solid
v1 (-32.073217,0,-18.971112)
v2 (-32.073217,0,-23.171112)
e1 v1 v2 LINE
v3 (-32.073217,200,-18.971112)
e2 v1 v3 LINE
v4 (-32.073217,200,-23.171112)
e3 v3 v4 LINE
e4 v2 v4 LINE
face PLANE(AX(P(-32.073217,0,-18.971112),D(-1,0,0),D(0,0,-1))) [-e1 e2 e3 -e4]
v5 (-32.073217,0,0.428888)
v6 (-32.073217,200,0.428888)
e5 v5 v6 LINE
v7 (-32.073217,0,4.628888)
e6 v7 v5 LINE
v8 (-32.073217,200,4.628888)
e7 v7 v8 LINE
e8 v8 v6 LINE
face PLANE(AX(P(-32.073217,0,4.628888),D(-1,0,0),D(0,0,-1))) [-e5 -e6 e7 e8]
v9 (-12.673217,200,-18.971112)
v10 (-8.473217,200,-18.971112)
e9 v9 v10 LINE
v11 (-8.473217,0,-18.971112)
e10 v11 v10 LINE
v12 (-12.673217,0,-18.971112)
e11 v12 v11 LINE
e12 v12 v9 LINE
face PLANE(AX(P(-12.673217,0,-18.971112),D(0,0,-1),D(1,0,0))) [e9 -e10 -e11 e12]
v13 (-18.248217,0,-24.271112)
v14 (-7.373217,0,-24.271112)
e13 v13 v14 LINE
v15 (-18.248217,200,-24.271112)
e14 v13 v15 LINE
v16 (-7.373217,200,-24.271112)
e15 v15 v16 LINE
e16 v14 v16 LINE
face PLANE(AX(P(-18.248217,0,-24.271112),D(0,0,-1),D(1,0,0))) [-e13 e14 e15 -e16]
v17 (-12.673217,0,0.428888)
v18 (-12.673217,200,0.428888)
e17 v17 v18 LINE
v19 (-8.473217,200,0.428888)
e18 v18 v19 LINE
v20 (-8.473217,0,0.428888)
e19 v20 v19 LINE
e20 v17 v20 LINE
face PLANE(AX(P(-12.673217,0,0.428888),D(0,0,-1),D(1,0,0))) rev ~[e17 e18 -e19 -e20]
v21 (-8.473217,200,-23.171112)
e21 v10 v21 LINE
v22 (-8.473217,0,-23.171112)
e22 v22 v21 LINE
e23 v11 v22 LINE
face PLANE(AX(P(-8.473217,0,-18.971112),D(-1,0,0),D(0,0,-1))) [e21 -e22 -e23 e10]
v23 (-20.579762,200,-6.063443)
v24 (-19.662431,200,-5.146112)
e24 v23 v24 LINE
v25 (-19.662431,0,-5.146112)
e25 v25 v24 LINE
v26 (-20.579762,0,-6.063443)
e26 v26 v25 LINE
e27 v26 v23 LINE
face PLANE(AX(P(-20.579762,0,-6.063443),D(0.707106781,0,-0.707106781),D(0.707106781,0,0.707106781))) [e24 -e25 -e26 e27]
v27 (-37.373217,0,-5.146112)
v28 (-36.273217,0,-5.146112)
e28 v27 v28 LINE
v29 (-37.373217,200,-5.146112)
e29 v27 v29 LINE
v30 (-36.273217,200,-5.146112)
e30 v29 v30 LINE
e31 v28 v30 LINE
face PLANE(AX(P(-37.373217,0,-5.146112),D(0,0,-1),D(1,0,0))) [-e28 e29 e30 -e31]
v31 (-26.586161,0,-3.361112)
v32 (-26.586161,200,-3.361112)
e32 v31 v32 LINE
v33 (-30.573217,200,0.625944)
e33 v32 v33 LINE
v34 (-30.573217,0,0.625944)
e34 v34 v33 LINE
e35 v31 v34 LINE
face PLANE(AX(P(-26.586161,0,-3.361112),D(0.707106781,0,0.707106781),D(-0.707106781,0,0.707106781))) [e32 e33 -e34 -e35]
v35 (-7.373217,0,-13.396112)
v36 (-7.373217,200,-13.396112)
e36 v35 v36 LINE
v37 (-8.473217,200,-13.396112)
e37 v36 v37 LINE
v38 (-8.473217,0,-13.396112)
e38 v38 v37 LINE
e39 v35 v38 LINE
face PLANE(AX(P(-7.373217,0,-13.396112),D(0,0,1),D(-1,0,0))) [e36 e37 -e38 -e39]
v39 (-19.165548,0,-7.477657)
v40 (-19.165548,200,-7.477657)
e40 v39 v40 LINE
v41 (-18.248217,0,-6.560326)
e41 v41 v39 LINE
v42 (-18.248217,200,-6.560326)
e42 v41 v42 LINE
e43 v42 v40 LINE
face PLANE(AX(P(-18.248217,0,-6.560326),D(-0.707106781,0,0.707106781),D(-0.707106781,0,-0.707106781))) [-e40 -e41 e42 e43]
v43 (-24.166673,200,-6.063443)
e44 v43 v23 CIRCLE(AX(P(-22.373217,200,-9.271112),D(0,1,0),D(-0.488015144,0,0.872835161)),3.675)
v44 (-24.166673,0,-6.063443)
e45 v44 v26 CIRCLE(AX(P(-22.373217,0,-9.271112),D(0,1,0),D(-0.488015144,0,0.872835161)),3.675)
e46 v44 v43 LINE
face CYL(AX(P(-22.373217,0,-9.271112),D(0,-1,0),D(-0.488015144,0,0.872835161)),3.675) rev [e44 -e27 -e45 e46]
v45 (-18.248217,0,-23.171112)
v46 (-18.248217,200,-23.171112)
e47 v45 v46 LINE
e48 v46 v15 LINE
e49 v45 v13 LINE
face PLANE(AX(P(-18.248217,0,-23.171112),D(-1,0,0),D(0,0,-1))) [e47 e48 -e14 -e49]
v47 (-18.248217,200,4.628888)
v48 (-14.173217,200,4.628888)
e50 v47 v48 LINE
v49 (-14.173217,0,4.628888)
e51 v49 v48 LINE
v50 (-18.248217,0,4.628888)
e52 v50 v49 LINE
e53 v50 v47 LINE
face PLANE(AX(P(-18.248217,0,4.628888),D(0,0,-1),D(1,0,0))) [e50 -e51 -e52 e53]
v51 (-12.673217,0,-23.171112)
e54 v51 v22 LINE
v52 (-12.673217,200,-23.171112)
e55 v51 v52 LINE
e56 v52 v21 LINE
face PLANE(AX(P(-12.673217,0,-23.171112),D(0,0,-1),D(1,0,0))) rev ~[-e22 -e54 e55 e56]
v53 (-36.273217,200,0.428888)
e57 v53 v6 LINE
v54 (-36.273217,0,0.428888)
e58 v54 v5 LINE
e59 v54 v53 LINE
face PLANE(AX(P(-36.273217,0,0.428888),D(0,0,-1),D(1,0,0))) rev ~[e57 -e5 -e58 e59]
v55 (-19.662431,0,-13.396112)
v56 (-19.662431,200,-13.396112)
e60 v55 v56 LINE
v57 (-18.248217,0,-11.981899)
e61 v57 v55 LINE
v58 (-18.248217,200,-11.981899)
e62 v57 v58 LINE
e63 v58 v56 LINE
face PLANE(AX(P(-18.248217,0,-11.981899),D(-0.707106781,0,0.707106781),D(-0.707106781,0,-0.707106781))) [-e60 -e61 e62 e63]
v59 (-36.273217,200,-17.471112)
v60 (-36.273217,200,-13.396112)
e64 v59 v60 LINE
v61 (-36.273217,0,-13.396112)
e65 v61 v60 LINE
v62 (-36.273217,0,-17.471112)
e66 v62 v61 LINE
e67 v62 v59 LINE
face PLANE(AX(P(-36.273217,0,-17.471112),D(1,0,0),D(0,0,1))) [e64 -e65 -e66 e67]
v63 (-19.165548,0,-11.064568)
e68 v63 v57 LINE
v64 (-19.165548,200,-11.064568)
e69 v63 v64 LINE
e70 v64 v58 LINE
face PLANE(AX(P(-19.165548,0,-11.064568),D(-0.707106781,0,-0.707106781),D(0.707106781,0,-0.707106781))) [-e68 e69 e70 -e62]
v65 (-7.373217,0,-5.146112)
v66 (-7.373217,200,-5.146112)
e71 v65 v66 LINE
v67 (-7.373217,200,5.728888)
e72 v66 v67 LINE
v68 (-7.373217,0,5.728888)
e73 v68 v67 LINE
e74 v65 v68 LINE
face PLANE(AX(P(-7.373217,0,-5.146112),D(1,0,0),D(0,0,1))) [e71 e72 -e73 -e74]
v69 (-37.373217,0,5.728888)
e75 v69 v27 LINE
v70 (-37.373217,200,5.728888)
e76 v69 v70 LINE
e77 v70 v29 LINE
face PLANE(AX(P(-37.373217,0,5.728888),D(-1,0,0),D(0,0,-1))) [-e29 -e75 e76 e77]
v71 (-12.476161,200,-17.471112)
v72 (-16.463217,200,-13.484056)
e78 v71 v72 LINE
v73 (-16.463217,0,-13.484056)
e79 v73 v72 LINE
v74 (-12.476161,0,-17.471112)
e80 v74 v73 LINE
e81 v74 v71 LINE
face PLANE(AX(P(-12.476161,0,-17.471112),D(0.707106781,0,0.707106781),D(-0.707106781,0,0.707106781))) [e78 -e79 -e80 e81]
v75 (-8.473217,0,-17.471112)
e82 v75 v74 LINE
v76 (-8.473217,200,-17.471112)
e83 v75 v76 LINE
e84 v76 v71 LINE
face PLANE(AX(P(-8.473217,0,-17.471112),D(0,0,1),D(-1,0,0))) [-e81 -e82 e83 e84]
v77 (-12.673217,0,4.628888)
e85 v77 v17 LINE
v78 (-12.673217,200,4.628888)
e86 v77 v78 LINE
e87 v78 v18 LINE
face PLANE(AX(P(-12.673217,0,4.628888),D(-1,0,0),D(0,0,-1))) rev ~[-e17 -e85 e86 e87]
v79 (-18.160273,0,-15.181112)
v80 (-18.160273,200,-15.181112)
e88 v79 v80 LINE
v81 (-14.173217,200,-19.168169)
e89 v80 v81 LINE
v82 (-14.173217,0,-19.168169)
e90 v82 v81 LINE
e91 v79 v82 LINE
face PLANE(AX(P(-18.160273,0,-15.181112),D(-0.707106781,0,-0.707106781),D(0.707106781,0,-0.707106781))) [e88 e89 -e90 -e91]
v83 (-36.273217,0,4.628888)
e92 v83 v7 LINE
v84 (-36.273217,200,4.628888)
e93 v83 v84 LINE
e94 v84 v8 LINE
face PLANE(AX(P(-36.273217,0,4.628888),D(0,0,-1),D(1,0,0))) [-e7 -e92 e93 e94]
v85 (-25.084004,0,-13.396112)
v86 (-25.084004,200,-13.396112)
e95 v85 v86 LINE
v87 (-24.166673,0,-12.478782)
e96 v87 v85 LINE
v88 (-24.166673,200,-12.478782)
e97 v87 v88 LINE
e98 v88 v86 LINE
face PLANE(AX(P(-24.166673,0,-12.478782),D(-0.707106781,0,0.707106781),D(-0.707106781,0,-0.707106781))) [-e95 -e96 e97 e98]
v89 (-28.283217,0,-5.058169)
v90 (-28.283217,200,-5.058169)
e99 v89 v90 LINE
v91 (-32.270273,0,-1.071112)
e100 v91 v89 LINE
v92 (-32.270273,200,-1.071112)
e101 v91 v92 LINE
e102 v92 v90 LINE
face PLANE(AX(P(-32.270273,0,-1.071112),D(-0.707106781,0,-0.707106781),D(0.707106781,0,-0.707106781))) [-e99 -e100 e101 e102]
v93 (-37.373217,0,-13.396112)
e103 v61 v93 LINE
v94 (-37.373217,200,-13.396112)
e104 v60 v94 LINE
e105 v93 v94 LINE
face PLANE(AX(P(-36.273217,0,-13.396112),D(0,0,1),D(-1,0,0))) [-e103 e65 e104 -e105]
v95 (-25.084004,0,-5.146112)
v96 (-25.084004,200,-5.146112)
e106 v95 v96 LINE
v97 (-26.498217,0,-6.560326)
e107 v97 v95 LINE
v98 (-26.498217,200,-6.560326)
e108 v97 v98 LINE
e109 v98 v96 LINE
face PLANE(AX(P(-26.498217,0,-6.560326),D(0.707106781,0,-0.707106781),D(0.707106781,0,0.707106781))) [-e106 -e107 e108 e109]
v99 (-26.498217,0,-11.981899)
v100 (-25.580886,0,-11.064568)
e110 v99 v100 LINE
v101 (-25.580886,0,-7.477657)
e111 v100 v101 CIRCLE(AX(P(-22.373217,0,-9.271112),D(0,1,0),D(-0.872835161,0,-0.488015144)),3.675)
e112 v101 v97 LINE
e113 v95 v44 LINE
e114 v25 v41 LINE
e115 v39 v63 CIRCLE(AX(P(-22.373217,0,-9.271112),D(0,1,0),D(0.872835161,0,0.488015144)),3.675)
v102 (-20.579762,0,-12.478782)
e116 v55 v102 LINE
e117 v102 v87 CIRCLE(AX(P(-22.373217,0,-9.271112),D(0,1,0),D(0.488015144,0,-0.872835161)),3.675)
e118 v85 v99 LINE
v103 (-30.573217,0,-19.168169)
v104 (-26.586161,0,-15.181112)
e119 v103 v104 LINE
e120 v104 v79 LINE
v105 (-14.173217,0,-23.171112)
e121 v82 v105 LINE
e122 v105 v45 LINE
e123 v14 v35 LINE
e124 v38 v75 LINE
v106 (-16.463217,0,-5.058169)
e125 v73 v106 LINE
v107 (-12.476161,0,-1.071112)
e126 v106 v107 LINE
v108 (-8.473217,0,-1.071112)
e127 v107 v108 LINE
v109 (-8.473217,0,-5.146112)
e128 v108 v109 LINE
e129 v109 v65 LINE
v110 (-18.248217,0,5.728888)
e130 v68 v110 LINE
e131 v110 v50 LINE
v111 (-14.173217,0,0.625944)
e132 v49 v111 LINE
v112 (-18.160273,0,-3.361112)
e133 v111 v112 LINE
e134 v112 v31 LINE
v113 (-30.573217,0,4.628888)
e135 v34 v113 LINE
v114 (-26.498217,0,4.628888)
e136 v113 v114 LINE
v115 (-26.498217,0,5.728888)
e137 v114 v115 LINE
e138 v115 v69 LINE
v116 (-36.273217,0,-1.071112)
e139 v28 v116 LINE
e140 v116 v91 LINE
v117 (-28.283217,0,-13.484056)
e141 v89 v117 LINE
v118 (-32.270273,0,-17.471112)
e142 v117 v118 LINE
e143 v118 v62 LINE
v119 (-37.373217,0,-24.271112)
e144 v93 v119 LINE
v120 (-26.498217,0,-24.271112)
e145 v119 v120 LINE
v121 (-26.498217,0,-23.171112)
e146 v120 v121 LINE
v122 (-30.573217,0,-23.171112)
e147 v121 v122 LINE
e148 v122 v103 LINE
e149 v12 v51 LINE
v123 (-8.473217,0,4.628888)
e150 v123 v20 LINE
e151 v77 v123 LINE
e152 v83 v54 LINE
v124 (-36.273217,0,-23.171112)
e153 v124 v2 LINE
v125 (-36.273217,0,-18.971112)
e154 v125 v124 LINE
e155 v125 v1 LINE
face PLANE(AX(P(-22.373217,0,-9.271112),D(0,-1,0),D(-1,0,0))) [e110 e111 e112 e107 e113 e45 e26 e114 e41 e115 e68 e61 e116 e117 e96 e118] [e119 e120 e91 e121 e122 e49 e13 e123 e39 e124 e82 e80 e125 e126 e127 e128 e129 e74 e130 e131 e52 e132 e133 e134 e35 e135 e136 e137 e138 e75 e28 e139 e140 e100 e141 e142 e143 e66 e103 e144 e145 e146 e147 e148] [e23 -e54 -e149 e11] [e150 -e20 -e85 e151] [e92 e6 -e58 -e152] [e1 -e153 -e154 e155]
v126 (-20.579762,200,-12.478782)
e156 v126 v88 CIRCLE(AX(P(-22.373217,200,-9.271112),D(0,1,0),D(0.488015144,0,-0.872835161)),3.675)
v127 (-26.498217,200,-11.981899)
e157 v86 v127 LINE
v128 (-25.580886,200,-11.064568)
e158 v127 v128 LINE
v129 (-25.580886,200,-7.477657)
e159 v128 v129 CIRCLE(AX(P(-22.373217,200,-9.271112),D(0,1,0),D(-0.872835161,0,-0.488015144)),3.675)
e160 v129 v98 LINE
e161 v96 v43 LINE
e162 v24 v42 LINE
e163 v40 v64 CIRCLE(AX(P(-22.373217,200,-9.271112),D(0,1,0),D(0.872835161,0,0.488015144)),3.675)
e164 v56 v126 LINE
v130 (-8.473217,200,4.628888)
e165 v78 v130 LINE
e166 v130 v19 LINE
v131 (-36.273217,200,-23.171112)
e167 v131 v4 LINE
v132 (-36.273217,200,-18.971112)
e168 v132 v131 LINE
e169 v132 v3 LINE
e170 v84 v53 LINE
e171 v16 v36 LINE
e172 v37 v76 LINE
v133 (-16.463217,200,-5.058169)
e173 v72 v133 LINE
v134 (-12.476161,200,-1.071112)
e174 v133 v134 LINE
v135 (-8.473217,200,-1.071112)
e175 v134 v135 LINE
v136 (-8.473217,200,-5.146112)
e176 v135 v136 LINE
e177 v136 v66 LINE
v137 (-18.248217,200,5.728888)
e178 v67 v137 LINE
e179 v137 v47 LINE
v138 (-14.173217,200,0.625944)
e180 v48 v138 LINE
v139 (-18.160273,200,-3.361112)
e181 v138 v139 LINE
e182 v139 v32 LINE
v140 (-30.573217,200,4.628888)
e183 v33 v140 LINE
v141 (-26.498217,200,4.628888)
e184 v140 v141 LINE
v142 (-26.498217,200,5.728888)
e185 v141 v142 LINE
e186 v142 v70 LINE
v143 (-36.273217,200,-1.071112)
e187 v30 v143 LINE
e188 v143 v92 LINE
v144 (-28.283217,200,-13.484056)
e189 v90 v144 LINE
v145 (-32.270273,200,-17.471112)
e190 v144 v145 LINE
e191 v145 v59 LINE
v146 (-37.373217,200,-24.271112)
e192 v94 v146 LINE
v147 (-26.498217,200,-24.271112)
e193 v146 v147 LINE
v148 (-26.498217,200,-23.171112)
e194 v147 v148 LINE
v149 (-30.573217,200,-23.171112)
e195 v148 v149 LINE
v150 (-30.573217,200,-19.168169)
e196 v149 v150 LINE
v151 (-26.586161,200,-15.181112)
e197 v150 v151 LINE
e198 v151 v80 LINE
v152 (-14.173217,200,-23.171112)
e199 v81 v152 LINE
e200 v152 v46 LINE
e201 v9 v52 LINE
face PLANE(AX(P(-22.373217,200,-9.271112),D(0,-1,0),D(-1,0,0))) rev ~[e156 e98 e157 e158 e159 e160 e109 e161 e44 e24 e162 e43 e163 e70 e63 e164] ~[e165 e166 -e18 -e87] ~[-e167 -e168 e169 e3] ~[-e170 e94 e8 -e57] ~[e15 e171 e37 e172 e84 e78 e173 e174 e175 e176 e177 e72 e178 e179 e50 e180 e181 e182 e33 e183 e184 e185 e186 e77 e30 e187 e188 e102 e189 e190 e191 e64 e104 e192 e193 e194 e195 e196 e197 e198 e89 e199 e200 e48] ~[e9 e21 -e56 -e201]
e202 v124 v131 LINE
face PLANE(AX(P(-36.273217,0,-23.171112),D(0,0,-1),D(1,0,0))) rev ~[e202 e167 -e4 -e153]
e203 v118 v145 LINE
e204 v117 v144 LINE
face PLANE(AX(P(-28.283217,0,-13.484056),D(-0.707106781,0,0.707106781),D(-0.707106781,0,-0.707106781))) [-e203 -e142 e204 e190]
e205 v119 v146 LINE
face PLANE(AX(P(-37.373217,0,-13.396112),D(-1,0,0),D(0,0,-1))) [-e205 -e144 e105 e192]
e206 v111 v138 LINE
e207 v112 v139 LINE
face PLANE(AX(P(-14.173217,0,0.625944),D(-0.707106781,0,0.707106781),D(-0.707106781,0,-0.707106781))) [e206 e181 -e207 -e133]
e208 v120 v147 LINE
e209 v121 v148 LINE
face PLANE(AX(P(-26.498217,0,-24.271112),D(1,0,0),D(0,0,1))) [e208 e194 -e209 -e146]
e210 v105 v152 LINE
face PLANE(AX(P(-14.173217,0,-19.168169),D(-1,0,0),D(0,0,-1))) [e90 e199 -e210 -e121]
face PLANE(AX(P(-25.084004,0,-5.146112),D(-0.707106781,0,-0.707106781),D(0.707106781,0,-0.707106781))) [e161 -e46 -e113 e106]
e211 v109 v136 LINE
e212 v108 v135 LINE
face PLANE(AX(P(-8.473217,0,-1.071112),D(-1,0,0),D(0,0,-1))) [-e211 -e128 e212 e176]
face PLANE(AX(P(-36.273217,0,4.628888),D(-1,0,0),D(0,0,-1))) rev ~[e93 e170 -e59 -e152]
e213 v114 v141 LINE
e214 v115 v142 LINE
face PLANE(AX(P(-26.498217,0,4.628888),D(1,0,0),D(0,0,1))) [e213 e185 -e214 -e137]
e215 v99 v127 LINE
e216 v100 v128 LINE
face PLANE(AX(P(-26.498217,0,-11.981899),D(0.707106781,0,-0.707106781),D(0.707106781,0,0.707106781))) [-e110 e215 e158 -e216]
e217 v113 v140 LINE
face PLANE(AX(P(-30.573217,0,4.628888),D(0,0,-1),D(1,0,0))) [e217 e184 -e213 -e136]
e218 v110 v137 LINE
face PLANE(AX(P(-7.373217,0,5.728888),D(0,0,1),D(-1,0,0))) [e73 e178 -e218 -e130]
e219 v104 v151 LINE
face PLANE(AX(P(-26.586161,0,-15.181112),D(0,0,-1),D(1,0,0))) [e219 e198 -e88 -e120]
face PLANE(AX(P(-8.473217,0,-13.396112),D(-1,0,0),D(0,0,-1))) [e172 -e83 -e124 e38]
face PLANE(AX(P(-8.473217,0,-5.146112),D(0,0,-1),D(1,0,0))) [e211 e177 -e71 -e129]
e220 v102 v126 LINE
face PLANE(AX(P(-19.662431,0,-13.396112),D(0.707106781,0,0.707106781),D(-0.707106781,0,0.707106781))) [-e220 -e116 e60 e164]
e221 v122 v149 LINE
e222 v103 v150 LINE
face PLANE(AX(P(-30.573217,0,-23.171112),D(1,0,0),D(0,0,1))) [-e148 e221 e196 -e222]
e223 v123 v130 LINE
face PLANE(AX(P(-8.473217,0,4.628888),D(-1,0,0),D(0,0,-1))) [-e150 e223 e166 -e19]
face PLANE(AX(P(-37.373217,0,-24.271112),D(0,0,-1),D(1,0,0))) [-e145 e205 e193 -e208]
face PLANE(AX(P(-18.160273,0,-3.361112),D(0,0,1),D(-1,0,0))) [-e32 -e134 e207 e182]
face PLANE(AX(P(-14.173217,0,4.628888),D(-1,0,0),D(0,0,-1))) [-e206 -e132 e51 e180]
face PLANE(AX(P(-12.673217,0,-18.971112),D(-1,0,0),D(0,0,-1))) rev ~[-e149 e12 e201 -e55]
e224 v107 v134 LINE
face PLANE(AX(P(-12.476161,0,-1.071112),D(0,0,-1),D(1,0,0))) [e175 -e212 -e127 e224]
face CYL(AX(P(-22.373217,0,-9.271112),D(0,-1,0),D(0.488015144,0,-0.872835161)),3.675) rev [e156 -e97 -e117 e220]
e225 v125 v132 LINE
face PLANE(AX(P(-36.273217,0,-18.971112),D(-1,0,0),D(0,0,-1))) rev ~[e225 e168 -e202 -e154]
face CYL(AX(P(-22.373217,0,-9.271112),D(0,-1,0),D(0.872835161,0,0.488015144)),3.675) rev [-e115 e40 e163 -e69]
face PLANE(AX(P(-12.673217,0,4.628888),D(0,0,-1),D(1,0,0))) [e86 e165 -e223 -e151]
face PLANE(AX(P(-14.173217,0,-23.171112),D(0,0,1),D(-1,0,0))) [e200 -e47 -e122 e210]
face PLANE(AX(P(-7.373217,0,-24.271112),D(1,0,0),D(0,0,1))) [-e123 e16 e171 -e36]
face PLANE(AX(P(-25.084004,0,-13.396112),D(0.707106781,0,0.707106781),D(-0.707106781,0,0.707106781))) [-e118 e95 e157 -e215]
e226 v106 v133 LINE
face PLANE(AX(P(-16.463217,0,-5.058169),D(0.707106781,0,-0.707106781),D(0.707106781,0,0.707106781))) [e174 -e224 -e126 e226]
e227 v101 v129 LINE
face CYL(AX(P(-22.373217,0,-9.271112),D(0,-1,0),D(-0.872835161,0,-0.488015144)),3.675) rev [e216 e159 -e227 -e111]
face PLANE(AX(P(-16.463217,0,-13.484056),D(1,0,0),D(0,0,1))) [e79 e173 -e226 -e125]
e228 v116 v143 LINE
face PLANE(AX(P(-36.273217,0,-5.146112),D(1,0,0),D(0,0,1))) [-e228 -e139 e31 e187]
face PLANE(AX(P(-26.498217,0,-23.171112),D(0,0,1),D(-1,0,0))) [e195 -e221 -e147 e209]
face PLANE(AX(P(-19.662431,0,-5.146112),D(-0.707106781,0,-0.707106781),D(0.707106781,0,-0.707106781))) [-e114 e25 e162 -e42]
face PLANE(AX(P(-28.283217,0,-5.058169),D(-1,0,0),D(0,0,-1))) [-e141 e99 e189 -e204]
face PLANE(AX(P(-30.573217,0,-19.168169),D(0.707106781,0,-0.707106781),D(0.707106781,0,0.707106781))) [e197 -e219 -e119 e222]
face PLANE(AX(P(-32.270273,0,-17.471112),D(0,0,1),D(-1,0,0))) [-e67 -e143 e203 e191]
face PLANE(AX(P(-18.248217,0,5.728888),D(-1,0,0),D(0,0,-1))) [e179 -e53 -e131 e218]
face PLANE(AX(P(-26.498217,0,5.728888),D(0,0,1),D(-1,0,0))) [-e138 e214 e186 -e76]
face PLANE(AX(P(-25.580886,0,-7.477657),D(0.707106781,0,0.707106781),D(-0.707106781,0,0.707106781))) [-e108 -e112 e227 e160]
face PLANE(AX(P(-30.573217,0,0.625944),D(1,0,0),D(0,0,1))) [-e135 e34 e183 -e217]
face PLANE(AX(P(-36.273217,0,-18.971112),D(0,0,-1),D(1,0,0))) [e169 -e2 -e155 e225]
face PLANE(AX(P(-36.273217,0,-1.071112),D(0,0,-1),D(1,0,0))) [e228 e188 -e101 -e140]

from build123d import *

# Parameters (mm, degrees)
CROQUIS2_W              = 4.2
CROQUIS2_H              = 4.2
SALIENTE_EXTRUIR1_DEPTH = 200


with BuildPart() as part:
    # Croquis2 → Saliente-Extruir1 (new body)
    with BuildSketch(Plane(origin=(0, 0, 0), x_dir=(1, 0, 0), z_dir=(0, 1, 0))):
        Polygon((-37.373217156, 24.271112291), (-26.498217156, 24.271112291), (-26.498217156, 23.171112291), (-30.573217156, 23.171112291), (-30.573217156, 19.168168566), (-26.586160881, 15.181112291), (-18.160273431, 15.181112291), (-14.173217156, 19.168168566), (-14.173217156, 23.171112291), (-18.248217156, 23.171112291), (-18.248217156, 24.271112291), (-7.373217156, 24.271112291), (-7.373217156, 13.396112291), (-8.473217156, 13.396112291), (-8.473217156, 17.471112291), (-12.476160881, 17.471112291), (-16.463217156, 13.484056016), (-16.463217156, 5.058168566), (-12.476160881, 1.071112291), (-8.473217156, 1.071112291), (-8.473217156, 5.146112291), (-7.373217156, 5.146112291), (-7.373217156, -5.728887709), (-18.248217156, -5.728887709), (-18.248217156, -4.628887709), (-14.173217156, -4.628887709), (-14.173217156, -0.625943984), (-18.160273431, 3.361112291), (-26.586160881, 3.361112291), (-30.573217156, -0.625943984), (-30.573217156, -4.628887709), (-26.498217156, -4.628887709), (-26.498217156, -5.728887709), (-37.373217156, -5.728887709), (-37.373217156, 5.146112291), (-36.273217156, 5.146112291), (-36.273217156, 1.071112291), (-32.270273431, 1.071112291), (-28.283217156, 5.058168566), (-28.283217156, 13.484056016), (-32.270273431, 17.471112291), (-36.273217156, 17.471112291), (-36.273217156, 13.396112291), (-37.373217156, 13.396112291), align=None)
        with Locations((-10.573217156, 21.071112291)):
            Rectangle(CROQUIS2_W, CROQUIS2_H, mode=Mode.SUBTRACT)
        with Locations((-34.173217156, -2.528887709)):
            Rectangle(CROQUIS2_W, CROQUIS2_H, mode=Mode.SUBTRACT)
        with Locations((-34.173217156, 21.071112291)):
            Rectangle(CROQUIS2_W, CROQUIS2_H, mode=Mode.SUBTRACT)
        with Locations((-10.573217156, -2.528887709)):
            Rectangle(CROQUIS2_W, CROQUIS2_H, mode=Mode.SUBTRACT)
        with BuildLine():
            Line((-19.165547938, 11.064567946), (-18.248217156, 11.981898728))
            Line((-18.248217156, 11.981898728), (-19.662430718, 13.396112291))
            Line((-19.662430718, 13.396112291), (-20.5797615, 12.478781509))
            ThreePointArc((-20.5797615, 12.478781509), (-22.373217156, 12.946112291), (-24.166672811, 12.478781509))
            Line((-24.166672811, 12.478781509), (-25.084003593, 13.396112291))
            Line((-25.084003593, 13.396112291), (-26.498217156, 11.981898728))
            Line((-26.498217156, 11.981898728), (-25.580886374, 11.064567946))
            ThreePointArc((-25.580886374, 11.064567946), (-26.048217156, 9.271112291), (-25.580886374, 7.477656635))
            Line((-25.580886374, 7.477656635), (-26.498217156, 6.560325853))
            Line((-26.498217156, 6.560325853), (-25.084003593, 5.146112291))
            Line((-25.084003593, 5.146112291), (-24.166672811, 6.063443073))
            ThreePointArc((-24.166672811, 6.063443073), (-22.373217156, 5.596112291), (-20.5797615, 6.063443073))
            Line((-20.5797615, 6.063443073), (-19.662430718, 5.146112291))
            Line((-19.662430718, 5.146112291), (-18.248217156, 6.560325853))
            Line((-18.248217156, 6.560325853), (-19.165547938, 7.477656635))
            ThreePointArc((-19.165547938, 7.477656635), (-18.698217156, 9.271112291), (-19.165547938, 11.064567946))
        make_face(mode=Mode.SUBTRACT)
    extrude(amount=SALIENTE_EXTRUIR1_DEPTH)


solid = part.part
